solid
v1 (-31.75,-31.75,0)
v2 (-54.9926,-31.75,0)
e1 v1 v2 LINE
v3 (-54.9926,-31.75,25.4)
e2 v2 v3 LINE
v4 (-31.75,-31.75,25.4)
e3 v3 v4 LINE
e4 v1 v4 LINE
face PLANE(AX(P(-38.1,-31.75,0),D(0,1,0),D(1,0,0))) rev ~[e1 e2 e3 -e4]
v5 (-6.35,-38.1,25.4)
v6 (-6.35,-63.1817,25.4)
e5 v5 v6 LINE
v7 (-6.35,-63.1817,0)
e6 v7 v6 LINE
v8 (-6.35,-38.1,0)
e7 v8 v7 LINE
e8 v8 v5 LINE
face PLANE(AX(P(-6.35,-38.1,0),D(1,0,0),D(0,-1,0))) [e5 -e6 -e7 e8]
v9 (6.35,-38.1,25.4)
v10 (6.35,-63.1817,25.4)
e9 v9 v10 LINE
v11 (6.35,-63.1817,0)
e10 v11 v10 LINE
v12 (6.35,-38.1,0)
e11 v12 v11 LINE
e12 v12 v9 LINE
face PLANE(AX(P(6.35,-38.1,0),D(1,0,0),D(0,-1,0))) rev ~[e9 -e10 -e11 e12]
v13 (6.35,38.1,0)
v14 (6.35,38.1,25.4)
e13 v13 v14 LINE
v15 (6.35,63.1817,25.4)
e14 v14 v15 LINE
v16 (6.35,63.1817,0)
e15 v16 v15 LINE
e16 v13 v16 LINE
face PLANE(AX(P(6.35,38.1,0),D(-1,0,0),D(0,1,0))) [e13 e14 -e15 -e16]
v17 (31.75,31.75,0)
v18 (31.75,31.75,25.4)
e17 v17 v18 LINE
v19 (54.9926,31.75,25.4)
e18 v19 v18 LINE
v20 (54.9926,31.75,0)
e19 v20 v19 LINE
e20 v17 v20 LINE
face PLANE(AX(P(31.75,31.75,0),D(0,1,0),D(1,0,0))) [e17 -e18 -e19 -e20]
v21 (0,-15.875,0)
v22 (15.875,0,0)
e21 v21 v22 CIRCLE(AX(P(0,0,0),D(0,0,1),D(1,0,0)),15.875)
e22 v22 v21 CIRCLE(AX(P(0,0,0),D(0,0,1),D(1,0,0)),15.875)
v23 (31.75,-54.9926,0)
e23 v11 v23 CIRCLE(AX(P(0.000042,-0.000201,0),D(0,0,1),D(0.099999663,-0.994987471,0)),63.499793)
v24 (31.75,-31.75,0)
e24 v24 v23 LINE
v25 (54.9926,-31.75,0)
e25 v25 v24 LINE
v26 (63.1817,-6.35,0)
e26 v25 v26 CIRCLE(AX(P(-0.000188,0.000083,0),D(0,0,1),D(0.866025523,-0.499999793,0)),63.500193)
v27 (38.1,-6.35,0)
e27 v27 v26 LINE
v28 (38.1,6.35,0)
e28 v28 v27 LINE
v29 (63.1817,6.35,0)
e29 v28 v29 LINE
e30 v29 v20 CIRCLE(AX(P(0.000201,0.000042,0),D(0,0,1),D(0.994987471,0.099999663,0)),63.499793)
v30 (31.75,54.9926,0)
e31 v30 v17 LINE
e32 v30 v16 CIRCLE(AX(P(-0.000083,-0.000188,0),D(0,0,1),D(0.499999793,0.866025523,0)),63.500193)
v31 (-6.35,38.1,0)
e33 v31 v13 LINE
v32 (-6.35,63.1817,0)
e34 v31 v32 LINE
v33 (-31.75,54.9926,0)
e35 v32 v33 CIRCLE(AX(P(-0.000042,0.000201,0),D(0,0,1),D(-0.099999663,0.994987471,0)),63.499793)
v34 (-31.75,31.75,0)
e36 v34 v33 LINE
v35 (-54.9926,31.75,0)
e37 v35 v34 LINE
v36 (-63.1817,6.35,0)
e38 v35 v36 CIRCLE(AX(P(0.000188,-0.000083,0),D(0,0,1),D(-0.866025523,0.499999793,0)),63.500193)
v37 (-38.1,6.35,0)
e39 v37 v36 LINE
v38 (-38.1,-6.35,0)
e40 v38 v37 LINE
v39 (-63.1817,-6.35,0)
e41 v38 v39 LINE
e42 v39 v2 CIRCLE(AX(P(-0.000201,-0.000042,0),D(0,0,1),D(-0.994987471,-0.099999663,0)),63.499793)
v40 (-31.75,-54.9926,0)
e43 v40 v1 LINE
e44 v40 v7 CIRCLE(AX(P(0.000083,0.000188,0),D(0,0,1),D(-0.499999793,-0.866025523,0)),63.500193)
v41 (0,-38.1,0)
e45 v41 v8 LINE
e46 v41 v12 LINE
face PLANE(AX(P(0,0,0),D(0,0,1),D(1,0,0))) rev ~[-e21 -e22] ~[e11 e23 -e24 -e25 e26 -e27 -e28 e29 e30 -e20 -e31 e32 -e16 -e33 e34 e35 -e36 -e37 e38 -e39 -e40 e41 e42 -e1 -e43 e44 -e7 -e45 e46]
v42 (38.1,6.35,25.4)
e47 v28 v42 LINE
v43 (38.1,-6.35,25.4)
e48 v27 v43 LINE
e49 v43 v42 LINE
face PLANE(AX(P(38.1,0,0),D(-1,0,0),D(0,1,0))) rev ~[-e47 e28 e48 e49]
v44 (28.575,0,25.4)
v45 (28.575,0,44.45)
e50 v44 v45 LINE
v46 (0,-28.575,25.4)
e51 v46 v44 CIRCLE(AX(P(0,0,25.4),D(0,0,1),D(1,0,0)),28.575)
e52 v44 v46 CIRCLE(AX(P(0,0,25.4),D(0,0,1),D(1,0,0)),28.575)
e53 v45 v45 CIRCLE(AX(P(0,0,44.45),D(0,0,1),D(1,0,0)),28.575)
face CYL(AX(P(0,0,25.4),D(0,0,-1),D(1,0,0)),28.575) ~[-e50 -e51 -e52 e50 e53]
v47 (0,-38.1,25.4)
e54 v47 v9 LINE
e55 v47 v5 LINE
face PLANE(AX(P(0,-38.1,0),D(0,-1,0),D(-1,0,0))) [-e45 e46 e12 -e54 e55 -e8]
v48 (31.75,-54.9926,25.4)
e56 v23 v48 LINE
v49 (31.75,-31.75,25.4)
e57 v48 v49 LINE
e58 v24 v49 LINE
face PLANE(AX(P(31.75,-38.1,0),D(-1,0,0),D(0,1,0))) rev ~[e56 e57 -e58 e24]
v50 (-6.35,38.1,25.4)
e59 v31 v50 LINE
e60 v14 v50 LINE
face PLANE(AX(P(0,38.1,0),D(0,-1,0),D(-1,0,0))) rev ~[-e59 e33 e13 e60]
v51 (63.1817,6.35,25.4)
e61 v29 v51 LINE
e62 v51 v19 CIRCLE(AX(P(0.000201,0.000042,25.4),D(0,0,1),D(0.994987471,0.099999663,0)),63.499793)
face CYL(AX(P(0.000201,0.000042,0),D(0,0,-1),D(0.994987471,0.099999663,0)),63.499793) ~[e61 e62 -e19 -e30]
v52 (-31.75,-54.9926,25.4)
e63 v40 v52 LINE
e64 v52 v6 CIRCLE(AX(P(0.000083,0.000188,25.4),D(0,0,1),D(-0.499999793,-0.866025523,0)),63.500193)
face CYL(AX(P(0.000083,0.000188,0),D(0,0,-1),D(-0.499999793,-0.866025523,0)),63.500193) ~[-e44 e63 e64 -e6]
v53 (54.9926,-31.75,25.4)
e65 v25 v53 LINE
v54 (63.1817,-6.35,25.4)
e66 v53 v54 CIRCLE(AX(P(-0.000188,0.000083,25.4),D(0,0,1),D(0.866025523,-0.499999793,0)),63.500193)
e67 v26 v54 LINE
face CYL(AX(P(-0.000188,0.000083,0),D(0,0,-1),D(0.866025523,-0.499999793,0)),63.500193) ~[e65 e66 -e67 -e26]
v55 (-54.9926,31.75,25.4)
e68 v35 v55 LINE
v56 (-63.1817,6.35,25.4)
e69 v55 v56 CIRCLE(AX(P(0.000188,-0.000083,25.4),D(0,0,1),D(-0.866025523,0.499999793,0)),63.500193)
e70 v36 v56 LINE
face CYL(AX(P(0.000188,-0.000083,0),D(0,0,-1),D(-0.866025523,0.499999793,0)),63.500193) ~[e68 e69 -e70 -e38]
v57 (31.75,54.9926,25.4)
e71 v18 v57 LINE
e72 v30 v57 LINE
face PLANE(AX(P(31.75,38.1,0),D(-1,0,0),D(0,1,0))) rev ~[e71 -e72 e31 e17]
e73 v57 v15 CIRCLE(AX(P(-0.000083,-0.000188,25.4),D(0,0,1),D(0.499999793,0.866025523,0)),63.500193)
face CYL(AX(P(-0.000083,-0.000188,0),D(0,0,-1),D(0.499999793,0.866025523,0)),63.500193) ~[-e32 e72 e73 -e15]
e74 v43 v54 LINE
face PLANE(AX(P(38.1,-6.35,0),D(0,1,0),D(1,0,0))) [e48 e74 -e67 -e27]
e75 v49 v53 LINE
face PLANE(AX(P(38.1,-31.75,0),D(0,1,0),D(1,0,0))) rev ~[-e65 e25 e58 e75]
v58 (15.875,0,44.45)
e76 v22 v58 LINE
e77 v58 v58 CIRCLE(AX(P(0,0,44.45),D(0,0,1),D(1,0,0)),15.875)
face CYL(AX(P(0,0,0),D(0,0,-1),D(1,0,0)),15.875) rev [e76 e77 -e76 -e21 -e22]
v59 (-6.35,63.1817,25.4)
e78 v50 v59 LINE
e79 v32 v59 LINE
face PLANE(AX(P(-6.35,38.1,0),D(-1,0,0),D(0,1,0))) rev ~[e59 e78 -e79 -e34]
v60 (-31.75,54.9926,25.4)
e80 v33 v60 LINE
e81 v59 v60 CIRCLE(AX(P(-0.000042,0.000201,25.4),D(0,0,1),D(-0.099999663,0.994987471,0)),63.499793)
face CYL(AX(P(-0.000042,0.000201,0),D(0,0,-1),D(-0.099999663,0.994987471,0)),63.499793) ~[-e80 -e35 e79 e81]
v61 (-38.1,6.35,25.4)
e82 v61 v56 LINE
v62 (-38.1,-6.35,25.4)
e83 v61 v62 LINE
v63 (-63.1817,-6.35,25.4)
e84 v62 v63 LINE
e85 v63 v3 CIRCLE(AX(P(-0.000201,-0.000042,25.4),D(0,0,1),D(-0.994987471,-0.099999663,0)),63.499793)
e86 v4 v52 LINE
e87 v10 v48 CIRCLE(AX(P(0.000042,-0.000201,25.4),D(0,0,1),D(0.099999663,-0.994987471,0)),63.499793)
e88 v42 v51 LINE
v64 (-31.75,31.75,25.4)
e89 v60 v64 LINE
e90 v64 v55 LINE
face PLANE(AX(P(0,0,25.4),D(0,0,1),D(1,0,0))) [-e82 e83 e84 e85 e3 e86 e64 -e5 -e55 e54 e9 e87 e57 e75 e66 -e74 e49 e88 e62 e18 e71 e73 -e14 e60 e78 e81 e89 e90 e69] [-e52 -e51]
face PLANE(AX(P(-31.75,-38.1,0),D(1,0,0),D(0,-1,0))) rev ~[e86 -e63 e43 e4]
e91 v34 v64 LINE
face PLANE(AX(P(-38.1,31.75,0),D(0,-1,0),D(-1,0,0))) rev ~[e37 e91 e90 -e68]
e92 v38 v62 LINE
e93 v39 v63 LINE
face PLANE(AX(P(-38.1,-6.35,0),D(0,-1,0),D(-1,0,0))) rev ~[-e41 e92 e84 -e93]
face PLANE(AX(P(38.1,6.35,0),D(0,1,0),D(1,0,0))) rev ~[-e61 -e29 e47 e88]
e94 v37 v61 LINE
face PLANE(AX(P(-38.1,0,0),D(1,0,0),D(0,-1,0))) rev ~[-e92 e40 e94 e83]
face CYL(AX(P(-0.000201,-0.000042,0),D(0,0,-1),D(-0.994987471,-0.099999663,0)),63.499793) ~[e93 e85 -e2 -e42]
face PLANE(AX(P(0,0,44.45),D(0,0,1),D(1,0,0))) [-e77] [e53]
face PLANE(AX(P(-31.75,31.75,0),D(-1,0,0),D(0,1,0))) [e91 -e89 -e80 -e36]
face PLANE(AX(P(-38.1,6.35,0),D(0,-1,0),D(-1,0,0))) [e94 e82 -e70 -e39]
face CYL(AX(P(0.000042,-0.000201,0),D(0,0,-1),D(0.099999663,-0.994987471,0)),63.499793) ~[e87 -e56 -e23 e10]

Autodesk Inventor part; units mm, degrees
ref_plane "YZ Plane" through (0, 0, 0) normal (1, 0, 0) x (0, 1, 0)
ref_plane "XZ Plane" through (0, 0, 0) normal (0, 1, 0) x (-1, 0, 0)
ref_plane "XY Plane" through (0, 0, 0) normal (0, 0, 1) x (1, 0, 0)
sketch "Sketch1" plane through (0, 0, 0) normal (0, 0, 1) x (1, 0, 0)
  circle A0 centre (0, 0) radius 15.875
  line L0 (-38.1, 0) -> (-38.1, -6.35)
  line L1 (-38.1, 0) -> (-38.1, 6.35)
  line L2 (38.1, 0) -> (38.1, 6.35)
  line L3 (38.1, 0) -> (38.1, -6.35)
  line L4 (-38.1, 6.35) -> (-63.1817, 6.35)
  line L5 (-38.1, -6.35) -> (-63.1817, -6.35)
  line L6 (38.1, 6.35) -> (63.1817, 6.35)
  line L7 (38.1, -6.35) -> (63.1817, -6.35)
  line L8 (0, 38.1) -> (6.35, 38.1)
  line L9 (6.35, 38.1) -> (6.35, 63.1817)
  line L10 (0, 38.1) -> (-6.35, 38.1)
  line L11 (-6.35, 38.1) -> (-6.35, 63.1817)
  line L12 (0, 0) -> (0, -38.1)
  line L13 (0, -38.1) -> (6.35, -38.1)
  line L14 (0, -38.1) -> (-6.35, -38.1)
  line L15 (-6.35, -38.1) -> (-6.35, -63.1817)
  line L16 (6.35, -38.1) -> (6.35, -63.1817)
  line L17 (-31.75, 38.1) -> (-31.75, 54.9926)
  line L18 (31.75, 38.1) -> (31.75, 54.9926)
  line L19 (38.1, 31.75) -> (54.9926, 31.75)
  line L20 (38.1, -31.75) -> (54.9926, -31.75)
  line L21 (31.75, -38.1) -> (31.75, -54.9926)
  line L22 (-31.75, -38.1) -> (-31.75, -54.9926)
  line L23 (-38.1, 31.75) -> (-54.9926, 31.75)
  line L24 (-38.1, -31.75) -> (-54.9926, -31.75)
  line L25 (-38.1, -31.75) -> (-31.75, -31.75)
  line L26 (-31.75, -31.75) -> (-31.75, -38.1)
  line L27 (31.75, -38.1) -> (31.75, -31.75)
  line L28 (31.75, -31.75) -> (38.1, -31.75)
  arc A1 (-6.35, 63.1817) -> (-31.75, 54.9926) centre (0, 0) ccw
  arc A2 (31.75, 54.9926) -> (6.35, 63.1817) centre (0, 0) ccw
  arc A3 (63.1817, 6.35) -> (54.9926, 31.75) centre (0, 0) ccw
  arc A4 (6.35, -63.1817) -> (31.75, -54.9926) centre (0, 0) ccw
  arc A5 (54.9926, -31.75) -> (63.1817, -6.35) centre (0, 0) ccw
  arc A6 (-31.75, -54.9926) -> (-6.35, -63.1817) centre (0, 0) ccw
  arc A7 (-54.9926, 31.75) -> (-63.1817, 6.35) centre (0, 0) ccw
  arc A8 (-63.1817, -6.35) -> (-54.9926, -31.75) centre (0, 0) ccw
  line L29 (31.75, 38.1) -> (31.75, 31.75)
  line L30 (31.75, 31.75) -> (38.1, 31.75)
  line L31 (-38.1, 31.75) -> (-31.75, 31.75)
  line L32 (-31.75, 31.75) -> (-31.75, 38.1)
  dimension "d6" = 31.75
  dimension "d7" = 38.1
  dimension "d8" = 38.1
  dimension "d9" = 6.35
  dimension "d10" = 6.35
  dimension "d11" = 6.35
  dimension "d12" = 6.35
  dimension "d14" = 6.35
  dimension "d15" = 6.35
  dimension "d16" = 38.1
  dimension "d17" = 6.35
  dimension "d18" = 25.4
  dimension "d19" = 25.4
  dimension "d20" = 25.4
  dimension "d22" = 25.4
  dimension "d23" = 25.4
  dimension "d24" = 25.4
  dimension "d25" = 25.4
extrude "Extrusion1" add sketch "Sketch1" along normal blind 25.4
sketch "Sketch2" plane through (0, 0, 25.4) normal (0, 0, 1) x (1, 0, 0)
  circle A0 centre (0, 0) radius 15.875
  circle A1 centre (0, 0) radius 28.575
  dimension "d28" = 31.75
  dimension "d29" = 57.15
extrude "Extrusion2" add sketch "Sketch2" along normal blind 19.05
properties part number "Assignment 3.5 - Indexing Guide"
